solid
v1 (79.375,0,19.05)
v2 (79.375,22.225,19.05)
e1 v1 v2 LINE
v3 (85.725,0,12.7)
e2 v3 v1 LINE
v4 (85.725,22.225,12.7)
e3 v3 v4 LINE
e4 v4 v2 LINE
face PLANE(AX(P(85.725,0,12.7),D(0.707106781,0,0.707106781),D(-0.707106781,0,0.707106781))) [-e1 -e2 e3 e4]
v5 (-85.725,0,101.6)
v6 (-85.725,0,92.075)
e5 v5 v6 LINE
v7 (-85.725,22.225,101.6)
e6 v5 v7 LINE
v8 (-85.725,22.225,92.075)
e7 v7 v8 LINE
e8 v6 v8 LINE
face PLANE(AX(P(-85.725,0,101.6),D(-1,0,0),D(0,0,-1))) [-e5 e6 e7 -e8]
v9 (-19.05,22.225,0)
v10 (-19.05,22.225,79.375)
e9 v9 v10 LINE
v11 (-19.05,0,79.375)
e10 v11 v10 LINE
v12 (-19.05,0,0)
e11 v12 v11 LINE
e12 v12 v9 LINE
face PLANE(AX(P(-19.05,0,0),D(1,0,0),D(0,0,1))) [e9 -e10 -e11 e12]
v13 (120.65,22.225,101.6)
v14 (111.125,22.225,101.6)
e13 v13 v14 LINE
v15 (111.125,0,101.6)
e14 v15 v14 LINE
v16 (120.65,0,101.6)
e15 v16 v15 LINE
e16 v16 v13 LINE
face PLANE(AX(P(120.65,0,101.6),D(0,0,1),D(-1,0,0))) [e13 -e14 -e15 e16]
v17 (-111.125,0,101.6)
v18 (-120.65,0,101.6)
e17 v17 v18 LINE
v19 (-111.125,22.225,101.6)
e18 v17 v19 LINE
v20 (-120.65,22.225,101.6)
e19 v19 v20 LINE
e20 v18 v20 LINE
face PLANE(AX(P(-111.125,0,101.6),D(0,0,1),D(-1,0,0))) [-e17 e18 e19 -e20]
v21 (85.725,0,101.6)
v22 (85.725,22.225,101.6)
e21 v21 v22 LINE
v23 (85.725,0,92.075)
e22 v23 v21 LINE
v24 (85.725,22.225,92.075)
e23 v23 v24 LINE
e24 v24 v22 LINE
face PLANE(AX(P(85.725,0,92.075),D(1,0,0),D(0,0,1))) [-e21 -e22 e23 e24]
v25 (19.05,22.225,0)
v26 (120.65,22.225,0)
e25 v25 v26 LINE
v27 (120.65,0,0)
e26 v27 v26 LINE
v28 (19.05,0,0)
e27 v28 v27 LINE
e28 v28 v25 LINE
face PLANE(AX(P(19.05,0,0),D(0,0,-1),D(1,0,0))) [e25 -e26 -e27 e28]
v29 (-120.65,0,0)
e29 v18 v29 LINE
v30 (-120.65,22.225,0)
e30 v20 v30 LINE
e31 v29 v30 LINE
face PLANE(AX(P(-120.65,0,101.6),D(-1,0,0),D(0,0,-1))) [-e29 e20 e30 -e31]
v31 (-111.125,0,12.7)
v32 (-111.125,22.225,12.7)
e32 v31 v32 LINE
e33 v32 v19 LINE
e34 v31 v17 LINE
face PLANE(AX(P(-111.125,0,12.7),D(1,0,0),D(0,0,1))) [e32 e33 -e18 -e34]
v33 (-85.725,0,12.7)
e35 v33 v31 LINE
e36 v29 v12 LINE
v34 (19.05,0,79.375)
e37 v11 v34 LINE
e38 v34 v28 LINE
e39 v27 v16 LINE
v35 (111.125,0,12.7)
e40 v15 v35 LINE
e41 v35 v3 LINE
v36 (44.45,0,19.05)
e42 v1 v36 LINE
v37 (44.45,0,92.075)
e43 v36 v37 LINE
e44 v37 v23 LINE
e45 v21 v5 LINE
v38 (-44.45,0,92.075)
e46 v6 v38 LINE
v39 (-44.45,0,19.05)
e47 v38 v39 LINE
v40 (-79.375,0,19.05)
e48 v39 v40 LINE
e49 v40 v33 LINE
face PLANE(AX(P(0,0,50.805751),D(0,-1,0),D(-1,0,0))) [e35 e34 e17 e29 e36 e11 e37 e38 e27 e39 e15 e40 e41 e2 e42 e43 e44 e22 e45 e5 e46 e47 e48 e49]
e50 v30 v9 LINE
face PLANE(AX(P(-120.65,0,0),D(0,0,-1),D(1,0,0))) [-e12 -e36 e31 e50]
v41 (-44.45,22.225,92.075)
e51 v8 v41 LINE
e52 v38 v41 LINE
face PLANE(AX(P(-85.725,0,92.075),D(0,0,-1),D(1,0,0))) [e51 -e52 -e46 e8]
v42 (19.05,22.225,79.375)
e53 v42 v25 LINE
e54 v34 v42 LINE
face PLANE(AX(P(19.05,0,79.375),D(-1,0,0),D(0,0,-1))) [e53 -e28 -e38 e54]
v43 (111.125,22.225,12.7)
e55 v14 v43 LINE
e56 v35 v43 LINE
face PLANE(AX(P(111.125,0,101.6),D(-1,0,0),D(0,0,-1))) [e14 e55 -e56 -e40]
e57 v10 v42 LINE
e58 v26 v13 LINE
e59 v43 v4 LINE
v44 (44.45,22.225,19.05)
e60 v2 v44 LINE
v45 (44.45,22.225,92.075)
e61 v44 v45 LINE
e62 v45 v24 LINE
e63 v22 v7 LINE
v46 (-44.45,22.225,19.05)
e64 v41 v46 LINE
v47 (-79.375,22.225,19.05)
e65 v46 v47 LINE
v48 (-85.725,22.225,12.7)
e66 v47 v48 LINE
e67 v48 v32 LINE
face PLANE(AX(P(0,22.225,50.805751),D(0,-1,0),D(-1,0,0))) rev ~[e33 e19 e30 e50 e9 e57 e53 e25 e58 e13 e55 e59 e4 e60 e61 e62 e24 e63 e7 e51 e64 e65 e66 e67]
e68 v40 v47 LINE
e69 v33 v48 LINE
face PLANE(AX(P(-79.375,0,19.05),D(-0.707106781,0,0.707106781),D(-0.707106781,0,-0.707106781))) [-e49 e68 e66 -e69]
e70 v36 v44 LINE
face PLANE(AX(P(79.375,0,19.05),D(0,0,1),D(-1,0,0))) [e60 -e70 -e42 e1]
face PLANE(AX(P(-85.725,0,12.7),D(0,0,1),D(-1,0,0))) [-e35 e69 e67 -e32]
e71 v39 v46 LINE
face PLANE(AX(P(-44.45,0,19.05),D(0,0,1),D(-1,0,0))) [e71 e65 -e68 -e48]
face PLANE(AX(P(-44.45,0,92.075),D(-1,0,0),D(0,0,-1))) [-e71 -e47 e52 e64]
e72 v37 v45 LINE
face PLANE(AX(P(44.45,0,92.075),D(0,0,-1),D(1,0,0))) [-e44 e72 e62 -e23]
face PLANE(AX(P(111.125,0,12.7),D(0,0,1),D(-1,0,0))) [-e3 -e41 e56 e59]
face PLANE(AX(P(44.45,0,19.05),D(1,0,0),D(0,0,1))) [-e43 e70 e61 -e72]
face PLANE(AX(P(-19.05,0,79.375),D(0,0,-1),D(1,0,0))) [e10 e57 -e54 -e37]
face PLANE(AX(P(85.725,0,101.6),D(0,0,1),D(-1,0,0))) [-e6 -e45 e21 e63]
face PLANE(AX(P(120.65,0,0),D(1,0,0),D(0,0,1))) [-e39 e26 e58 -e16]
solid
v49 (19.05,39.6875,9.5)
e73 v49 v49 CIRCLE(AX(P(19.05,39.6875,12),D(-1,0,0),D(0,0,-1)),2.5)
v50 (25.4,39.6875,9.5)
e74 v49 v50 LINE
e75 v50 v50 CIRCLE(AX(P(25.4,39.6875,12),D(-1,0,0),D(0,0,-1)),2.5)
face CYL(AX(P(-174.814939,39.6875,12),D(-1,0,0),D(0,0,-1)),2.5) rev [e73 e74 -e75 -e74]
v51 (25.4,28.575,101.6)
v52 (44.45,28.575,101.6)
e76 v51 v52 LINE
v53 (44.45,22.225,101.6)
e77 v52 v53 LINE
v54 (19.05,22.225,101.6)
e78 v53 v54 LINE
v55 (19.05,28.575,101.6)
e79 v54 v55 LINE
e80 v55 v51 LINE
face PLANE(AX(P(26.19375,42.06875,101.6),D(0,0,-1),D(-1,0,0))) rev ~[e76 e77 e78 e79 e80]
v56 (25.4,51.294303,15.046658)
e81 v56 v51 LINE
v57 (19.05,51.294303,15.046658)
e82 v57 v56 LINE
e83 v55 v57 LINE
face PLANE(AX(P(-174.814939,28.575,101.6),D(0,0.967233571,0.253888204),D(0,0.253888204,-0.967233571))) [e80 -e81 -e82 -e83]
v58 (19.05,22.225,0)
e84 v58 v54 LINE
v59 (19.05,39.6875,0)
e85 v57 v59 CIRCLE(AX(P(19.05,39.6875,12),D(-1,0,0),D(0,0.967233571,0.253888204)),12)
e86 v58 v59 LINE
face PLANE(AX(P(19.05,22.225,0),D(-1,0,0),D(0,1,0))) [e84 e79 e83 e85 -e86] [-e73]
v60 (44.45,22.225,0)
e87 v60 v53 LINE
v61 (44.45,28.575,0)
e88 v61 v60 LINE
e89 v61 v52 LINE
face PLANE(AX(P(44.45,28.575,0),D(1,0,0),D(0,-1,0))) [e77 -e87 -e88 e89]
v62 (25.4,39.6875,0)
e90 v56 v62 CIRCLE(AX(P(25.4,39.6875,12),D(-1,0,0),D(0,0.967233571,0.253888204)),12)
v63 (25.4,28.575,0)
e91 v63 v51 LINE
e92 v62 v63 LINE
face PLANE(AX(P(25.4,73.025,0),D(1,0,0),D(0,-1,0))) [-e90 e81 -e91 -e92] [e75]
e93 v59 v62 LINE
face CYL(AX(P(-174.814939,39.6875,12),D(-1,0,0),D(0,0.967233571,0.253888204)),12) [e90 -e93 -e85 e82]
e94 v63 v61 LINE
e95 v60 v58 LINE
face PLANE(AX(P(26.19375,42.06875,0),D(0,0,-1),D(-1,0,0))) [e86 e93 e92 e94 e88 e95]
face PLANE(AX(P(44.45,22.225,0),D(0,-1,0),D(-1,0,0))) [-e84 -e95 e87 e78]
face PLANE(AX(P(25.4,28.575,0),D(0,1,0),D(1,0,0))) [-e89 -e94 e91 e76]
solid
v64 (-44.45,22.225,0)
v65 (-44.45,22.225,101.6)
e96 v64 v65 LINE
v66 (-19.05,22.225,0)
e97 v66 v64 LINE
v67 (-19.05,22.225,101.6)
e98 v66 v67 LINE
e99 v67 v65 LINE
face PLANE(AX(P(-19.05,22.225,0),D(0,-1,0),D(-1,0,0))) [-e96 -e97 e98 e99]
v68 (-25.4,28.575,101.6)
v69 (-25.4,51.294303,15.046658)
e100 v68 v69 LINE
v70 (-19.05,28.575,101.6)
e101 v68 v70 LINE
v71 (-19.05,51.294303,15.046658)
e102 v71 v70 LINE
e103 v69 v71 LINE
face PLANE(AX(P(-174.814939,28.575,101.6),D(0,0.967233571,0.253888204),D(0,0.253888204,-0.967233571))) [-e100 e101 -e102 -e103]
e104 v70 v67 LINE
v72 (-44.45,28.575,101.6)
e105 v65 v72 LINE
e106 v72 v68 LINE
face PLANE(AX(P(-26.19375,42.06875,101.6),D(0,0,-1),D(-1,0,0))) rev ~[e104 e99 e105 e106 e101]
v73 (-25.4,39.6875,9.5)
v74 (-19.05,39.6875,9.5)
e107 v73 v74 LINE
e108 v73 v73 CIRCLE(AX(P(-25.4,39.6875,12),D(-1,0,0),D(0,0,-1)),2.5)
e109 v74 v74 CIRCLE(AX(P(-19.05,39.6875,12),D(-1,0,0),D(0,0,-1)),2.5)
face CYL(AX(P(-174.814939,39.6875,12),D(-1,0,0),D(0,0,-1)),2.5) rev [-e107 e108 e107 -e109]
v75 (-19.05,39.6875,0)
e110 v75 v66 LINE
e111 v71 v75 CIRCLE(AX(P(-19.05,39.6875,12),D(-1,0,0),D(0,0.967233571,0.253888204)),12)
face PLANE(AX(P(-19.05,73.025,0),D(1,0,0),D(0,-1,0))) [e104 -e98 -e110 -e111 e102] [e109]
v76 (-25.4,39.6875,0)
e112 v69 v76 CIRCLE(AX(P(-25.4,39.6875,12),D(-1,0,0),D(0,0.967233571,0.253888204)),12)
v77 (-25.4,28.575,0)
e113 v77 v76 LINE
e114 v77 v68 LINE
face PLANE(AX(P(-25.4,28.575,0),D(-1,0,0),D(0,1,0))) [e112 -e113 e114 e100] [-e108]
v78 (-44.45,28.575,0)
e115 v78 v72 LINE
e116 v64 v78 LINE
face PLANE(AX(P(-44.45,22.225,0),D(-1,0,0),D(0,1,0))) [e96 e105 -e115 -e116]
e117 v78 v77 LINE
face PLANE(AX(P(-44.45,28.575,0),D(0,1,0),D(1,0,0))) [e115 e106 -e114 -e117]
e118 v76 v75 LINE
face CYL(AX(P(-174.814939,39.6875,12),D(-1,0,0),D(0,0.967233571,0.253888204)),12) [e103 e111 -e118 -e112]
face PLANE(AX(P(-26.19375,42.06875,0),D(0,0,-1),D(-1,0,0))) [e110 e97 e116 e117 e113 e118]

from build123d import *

# Parameters (mm, degrees)
BOSS_EXTRUDE1_DEPTH     = 22.225
BOSS_EXTRUDE2_DEPTH     = 101.6
BOSS_EXTRUDE2_2_DEPTH   = 101.6
CUT_EXTRUDE2_DEPTH      = 174.814939303
CUT_EXTRUDE2_DEPTH_BACK = 174.814939303
SKETCH6_R               = 2.5


with BuildPart() as part:
    # Sketch1 → Boss-Extrude1 (new body)
    with BuildSketch(Plane(origin=(0, 0, 0), x_dir=(1, 0, 0), z_dir=(0, 1, 0))):
        Polygon((-19.05, 0), (-19.05, -79.375), (19.05, -79.375), (19.05, 0), (120.65, 0), (120.65, -101.6), (111.125, -101.6), (111.125, -12.7), (85.725, -12.7), (79.375, -19.05), (44.45, -19.05), (44.45, -92.075), (85.725, -92.075), (85.725, -101.6), (-85.725, -101.6), (-85.725, -92.075), (-44.45, -92.075), (-44.45, -19.05), (-79.375, -19.05), (-85.725, -12.7), (-111.125, -12.7), (-111.125, -101.6), (-120.65, -101.6), (-120.65, 0), align=None)
    extrude(amount=BOSS_EXTRUDE1_DEPTH)


with BuildPart() as body_2:
    # Sketch5 → Boss-Extrude2 (new body)
    with BuildSketch(Plane(origin=(0, 0, 0), x_dir=(-1, 0, 0), z_dir=(0, 0, -1))):
        Polygon((-19.05, 22.225), (-19.05, 73.025), (-25.4, 73.025), (-25.4, 28.575), (-44.45, 28.575), (-44.45, 22.225), align=None)
    extrude(amount=-BOSS_EXTRUDE2_DEPTH)


with BuildPart() as body_3:
    # Sketch5 → Boss-Extrude2 2 (new body)
    with BuildSketch(Plane(origin=(0, 0, 0), x_dir=(-1, 0, 0), z_dir=(0, 0, -1))):
        Polygon((19.05, 22.225), (44.45, 22.225), (44.45, 28.575), (25.4, 28.575), (25.4, 73.025), (19.05, 73.025), align=None)
    extrude(amount=-BOSS_EXTRUDE2_2_DEPTH)


with BuildPart() as cut_extrude2_tool:
    # Sketch6 → Cut-Extrude2 (new, two sides: drawn at the far end of the back side and taken through both)
    with BuildSketch(Plane(origin=(0, 0, 0), x_dir=(0, 0, -1), z_dir=(1, 0, 0)).offset(-CUT_EXTRUDE2_DEPTH_BACK)):
        with Locations((-12, 39.6875)):
            Circle(SKETCH6_R)
        with BuildLine():
            Line((-101.6, 28.575), (-15.046658445, 51.294302847))
            ThreePointArc((-15.046658445, 51.294302847), (-4.670603754, 49.18907622), (0, 39.6875))
            Line((0, 39.6875), (13.396448298, 39.6875))
            Line((13.396448298, 39.6875), (13.396448298, 119.690171167))
            Line((13.396448298, 119.690171167), (-183.880058166, 119.690171167))
            Line((-183.880058166, 119.690171167), (-101.6, 28.575))
        make_face()
    extrude(amount=CUT_EXTRUDE2_DEPTH + CUT_EXTRUDE2_DEPTH_BACK)


with BuildPart() as body_2_1:
    add(body_2.part)

    # Cut-Extrude2: cut by cut_extrude2_tool
    add(cut_extrude2_tool.part, mode=Mode.SUBTRACT)


with BuildPart() as body_3_1:
    add(body_3.part)

    # Cut-Extrude2: cut by cut_extrude2_tool
    add(cut_extrude2_tool.part, mode=Mode.SUBTRACT)


solid = Compound([part.part, body_2_1.part, body_3_1.part])
